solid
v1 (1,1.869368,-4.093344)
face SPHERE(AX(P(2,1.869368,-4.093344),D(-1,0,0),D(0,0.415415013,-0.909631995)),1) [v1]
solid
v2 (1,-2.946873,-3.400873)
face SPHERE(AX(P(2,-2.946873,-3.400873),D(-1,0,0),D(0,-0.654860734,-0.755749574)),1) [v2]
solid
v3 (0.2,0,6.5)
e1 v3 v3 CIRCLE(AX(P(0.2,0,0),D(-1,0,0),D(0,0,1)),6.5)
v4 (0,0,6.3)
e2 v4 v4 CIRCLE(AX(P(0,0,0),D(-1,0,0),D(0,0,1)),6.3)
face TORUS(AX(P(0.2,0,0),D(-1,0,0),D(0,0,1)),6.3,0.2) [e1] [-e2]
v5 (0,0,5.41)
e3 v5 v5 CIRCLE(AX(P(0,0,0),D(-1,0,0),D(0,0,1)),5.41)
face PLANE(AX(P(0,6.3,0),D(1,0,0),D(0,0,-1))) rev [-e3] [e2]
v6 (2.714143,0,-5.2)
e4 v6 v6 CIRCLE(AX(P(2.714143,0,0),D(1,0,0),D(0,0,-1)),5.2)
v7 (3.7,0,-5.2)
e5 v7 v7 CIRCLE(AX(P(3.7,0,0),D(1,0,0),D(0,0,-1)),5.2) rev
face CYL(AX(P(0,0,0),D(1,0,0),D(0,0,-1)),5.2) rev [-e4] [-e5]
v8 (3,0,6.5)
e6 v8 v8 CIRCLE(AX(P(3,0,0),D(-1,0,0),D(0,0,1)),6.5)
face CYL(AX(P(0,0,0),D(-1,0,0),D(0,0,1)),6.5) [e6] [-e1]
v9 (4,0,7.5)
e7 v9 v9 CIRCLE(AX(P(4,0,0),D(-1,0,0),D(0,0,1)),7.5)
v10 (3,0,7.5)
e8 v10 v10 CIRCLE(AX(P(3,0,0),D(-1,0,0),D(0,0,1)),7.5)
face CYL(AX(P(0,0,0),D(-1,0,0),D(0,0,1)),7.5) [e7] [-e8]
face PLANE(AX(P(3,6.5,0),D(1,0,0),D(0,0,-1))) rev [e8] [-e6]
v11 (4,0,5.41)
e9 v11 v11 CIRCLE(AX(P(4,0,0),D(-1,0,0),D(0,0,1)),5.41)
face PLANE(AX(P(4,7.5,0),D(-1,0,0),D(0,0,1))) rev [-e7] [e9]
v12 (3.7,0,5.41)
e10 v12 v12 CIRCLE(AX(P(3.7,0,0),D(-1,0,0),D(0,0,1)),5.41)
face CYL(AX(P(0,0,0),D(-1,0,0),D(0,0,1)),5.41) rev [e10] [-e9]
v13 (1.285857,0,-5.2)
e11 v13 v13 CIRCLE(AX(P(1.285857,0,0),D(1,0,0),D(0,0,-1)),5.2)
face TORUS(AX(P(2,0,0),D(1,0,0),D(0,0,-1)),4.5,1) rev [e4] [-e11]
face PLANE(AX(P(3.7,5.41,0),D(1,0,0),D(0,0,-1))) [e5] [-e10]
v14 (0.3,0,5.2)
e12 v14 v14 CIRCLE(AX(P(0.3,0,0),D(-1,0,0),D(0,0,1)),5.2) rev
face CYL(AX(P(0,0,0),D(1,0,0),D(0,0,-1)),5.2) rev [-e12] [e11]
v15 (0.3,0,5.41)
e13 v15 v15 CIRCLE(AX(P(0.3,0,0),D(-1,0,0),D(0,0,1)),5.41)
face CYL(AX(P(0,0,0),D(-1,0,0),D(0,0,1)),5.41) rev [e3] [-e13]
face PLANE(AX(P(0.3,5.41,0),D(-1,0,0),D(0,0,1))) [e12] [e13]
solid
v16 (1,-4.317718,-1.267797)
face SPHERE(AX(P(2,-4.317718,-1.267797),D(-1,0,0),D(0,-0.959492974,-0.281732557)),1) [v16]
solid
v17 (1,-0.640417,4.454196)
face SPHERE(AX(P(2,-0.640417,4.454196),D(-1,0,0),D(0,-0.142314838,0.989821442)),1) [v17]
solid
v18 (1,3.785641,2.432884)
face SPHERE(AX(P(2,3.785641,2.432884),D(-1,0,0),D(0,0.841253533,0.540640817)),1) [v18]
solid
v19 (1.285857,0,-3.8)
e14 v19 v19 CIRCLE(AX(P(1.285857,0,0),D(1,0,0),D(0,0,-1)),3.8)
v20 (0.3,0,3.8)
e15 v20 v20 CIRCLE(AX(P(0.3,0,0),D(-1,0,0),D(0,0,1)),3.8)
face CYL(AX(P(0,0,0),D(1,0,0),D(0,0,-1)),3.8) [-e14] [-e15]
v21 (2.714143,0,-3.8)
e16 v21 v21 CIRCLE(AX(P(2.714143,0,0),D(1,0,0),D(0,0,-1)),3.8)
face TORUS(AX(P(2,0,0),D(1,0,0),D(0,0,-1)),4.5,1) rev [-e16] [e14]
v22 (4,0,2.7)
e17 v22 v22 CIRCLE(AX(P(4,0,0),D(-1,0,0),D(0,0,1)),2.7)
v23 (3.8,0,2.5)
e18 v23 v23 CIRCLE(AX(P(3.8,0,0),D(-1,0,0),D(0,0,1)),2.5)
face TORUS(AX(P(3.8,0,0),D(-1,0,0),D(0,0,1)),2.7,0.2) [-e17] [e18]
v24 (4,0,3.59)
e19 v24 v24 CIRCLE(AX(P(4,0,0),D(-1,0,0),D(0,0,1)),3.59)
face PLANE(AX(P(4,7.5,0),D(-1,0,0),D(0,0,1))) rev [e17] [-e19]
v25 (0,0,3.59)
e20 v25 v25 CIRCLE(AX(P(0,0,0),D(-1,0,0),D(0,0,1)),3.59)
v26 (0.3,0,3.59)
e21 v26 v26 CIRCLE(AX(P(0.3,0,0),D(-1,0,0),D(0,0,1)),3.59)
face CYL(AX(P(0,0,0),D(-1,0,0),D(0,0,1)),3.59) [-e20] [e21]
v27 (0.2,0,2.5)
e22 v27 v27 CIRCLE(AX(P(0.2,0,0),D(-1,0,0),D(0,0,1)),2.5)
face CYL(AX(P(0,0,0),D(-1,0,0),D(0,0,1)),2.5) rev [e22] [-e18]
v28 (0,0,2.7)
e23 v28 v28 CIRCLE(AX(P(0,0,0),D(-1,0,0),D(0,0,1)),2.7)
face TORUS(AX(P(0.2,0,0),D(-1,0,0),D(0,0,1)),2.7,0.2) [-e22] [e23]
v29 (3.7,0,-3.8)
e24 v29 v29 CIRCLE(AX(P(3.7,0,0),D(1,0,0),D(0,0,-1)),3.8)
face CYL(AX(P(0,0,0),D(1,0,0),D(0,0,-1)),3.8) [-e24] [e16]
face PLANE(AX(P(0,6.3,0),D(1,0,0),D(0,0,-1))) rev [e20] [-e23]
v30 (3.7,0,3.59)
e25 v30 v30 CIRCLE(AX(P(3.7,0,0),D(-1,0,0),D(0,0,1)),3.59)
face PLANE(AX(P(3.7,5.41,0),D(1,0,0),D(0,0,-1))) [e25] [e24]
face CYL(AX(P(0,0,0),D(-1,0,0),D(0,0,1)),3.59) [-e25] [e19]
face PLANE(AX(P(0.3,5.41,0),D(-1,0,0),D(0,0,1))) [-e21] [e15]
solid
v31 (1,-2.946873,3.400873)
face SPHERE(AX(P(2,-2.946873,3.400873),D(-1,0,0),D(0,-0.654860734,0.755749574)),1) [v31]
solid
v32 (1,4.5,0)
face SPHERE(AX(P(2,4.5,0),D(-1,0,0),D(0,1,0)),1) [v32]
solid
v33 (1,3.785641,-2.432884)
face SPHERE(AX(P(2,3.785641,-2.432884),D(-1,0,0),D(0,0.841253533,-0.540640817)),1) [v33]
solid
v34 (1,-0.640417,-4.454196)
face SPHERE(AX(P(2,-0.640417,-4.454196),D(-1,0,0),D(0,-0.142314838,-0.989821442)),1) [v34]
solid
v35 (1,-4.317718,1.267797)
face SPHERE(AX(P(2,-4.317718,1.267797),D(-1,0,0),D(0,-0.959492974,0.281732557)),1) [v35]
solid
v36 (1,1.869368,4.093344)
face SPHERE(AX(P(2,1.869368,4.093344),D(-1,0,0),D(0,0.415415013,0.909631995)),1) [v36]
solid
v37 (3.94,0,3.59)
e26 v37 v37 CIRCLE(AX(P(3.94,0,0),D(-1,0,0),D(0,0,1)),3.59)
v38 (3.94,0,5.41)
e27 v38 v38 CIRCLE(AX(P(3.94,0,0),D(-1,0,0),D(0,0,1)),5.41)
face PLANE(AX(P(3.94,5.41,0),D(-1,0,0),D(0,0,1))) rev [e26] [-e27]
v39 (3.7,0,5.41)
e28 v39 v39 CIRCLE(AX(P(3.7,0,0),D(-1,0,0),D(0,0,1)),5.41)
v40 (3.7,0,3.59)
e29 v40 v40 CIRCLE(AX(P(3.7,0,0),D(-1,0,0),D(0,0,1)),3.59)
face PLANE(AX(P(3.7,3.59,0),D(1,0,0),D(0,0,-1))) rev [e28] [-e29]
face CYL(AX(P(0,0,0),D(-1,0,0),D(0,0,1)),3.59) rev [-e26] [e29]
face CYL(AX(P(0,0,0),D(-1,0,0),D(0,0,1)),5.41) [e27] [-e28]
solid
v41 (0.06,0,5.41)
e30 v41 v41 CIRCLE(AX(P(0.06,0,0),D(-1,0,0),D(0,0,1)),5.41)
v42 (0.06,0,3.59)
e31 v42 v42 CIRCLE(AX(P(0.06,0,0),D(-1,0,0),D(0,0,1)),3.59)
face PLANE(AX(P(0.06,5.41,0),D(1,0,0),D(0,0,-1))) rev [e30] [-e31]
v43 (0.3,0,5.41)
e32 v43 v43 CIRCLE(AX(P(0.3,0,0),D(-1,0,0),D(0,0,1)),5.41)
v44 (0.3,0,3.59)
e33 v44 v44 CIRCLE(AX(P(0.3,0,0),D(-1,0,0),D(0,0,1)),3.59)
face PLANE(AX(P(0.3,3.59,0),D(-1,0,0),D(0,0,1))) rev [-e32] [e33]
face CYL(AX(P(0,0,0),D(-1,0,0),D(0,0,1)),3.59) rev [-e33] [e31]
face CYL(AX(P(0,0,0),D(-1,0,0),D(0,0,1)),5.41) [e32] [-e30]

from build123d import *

# Parameters (mm, degrees)
PATTERN_CIRCULAR_1_COUNT = 11
SKETCH_5_W               = 0.3
SKETCH_5_H               = 1.82
SKETCH_6_W               = 0.24
SKETCH_6_H               = 1.82


with BuildPart() as part:
    # 草图2 → 旋转1 (revolve)
    with BuildSketch(Plane.XY, mode=Mode.PRIVATE) as revolve_1_sk:
        with BuildLine():
            Line((0.2, 6.5), (3, 6.5))
            Line((3, 6.5), (3, 7.5))
            Line((3, 7.5), (4, 7.5))
            Line((4, 7.5), (4, 2.7))
            ThreePointArc((4, 2.7), (3.941421356, 2.558578644), (3.8, 2.5))
            Line((3.8, 2.5), (0.2, 2.5))
            ThreePointArc((0.2, 2.5), (0.058578644, 2.558578644), (0, 2.7))
            Line((0, 2.7), (0, 6.3))
            ThreePointArc((0, 6.3), (0.058578644, 6.441421356), (0.2, 6.5))
        make_face()
    revolve(revolve_1_sk.sketch.rotate(Axis((0, 0, 0), (1, 0, 0)), 90), axis=Axis((0, 0, 0), (1, 0, 0)))

    # 草图3 → 切除-旋转1 (revolve, cut)
    with BuildSketch(Plane.XY, mode=Mode.PRIVATE) as cut_revolve_1_sk:
        with BuildLine():
            Line((2.714142843, 5.2), (4, 5.2))
            Line((4, 5.2), (4, 3.8))
            Line((4, 3.8), (2.714142843, 3.8))
            ThreePointArc((2.714142843, 3.8), (2, 3.5), (1.285857157, 3.8))
            Line((1.285857157, 3.8), (0, 3.8))
            Line((0, 3.8), (0, 5.2))
            Line((0, 5.2), (1.285857157, 5.2))
            ThreePointArc((1.285857157, 5.2), (2, 5.5), (2.714142843, 5.2))
        make_face()
    revolve(cut_revolve_1_sk.sketch.rotate(Axis((0, 0, 0), (-1, 0, 0)), 90), axis=Axis((0, 0, 0), (-1, 0, 0)), mode=Mode.SUBTRACT)


with BuildPart() as cut_revolve_1_piece_1:
    # of the separate pieces the step leaves, piece 1, a body of its own (cut_revolve_1_pieces)
    add(part.part.solids().sort_by_distance((0, 0, 6.3))[0])


with BuildPart() as cut_revolve_1_piece_2:
    # of the separate pieces the step leaves, piece 2, a body of its own (cut_revolve_1_pieces)
    add(part.part.solids().sort_by_distance((0, 0, -3.8))[0])


with BuildPart() as body_3:
    # 草图4 → 旋转2 (revolve)
    with BuildSketch(Plane.XY):
        with BuildLine():
            Line((1, 4.5), (3, 4.5))
            ThreePointArc((3, 4.5), (2, 5.5), (1, 4.5))
        make_face()
    revolve(axis=Axis((2, 4.5, 0), (1, 0, 0)))


with BuildPart() as pattern_circular_1_1:
    # 阵列(圆周)1: pattern copy
    add(body_3.part.rotate(Axis((0, 0, 0), (1, 0, 0)), 1 * 360 / PATTERN_CIRCULAR_1_COUNT))


with BuildPart() as pattern_circular_1_2:
    # 阵列(圆周)1: pattern copy
    add(body_3.part.rotate(Axis((0, 0, 0), (1, 0, 0)), 2 * 360 / PATTERN_CIRCULAR_1_COUNT))


with BuildPart() as pattern_circular_1_3:
    # 阵列(圆周)1: pattern copy
    add(body_3.part.rotate(Axis((0, 0, 0), (1, 0, 0)), 3 * 360 / PATTERN_CIRCULAR_1_COUNT))


with BuildPart() as pattern_circular_1_4:
    # 阵列(圆周)1: pattern copy
    add(body_3.part.rotate(Axis((0, 0, 0), (1, 0, 0)), 4 * 360 / PATTERN_CIRCULAR_1_COUNT))


with BuildPart() as pattern_circular_1_5:
    # 阵列(圆周)1: pattern copy
    add(body_3.part.rotate(Axis((0, 0, 0), (1, 0, 0)), 5 * 360 / PATTERN_CIRCULAR_1_COUNT))


with BuildPart() as pattern_circular_1_6:
    # 阵列(圆周)1: pattern copy
    add(body_3.part.rotate(Axis((0, 0, 0), (1, 0, 0)), 6 * 360 / PATTERN_CIRCULAR_1_COUNT))


with BuildPart() as pattern_circular_1_7:
    # 阵列(圆周)1: pattern copy
    add(body_3.part.rotate(Axis((0, 0, 0), (1, 0, 0)), 7 * 360 / PATTERN_CIRCULAR_1_COUNT))


with BuildPart() as pattern_circular_1_8:
    # 阵列(圆周)1: pattern copy
    add(body_3.part.rotate(Axis((0, 0, 0), (1, 0, 0)), 8 * 360 / PATTERN_CIRCULAR_1_COUNT))


with BuildPart() as pattern_circular_1_9:
    # 阵列(圆周)1: pattern copy
    add(body_3.part.rotate(Axis((0, 0, 0), (1, 0, 0)), 9 * 360 / PATTERN_CIRCULAR_1_COUNT))


with BuildPart() as pattern_circular_1_10:
    # 阵列(圆周)1: pattern copy
    add(body_3.part.rotate(Axis((0, 0, 0), (1, 0, 0)), 10 * 360 / PATTERN_CIRCULAR_1_COUNT))


with BuildPart() as cut_revolve_2_tool:
    # 草图5 → 切除-旋转2 (revolve)
    with BuildSketch(Plane.XY):
        with Locations((3.85, 4.5)):
            Rectangle(SKETCH_5_W, SKETCH_5_H)
        with Locations((0.15, 4.5)):
            Rectangle(SKETCH_5_W, SKETCH_5_H)
    revolve(axis=Axis((0, 0, 0), (1, 0, 0)))


with BuildPart() as cut_revolve_1_piece_1_1:
    add(cut_revolve_1_piece_1.part)

    # 切除-旋转2: cut by cut_revolve_2_tool
    add(cut_revolve_2_tool.part, mode=Mode.SUBTRACT)


with BuildPart() as cut_revolve_1_piece_2_1:
    add(cut_revolve_1_piece_2.part)

    # 切除-旋转2: cut by cut_revolve_2_tool
    add(cut_revolve_2_tool.part, mode=Mode.SUBTRACT)


with BuildPart() as body_14:
    # 草图6 → 旋转3 (revolve)
    with BuildSketch(Plane.XY, mode=Mode.PRIVATE) as revolve_3_sk:
        with Locations((3.82, 4.5)):
            Rectangle(SKETCH_6_W, SKETCH_6_H)
        with Locations((0.18, 4.5)):
            Rectangle(SKETCH_6_W, SKETCH_6_H)
    revolve(revolve_3_sk.sketch.rotate(Axis((0, 0, 0), (1, 0, 0)), 90), axis=Axis((0, 0, 0), (1, 0, 0)))


solid = Compound([body_3.part, pattern_circular_1_1.part, pattern_circular_1_2.part, pattern_circular_1_3.part, pattern_circular_1_4.part, pattern_circular_1_5.part, pattern_circular_1_6.part, pattern_circular_1_7.part, pattern_circular_1_8.part, pattern_circular_1_9.part, pattern_circular_1_10.part, cut_revolve_1_piece_1_1.part, cut_revolve_1_piece_2_1.part, body_14.part])
